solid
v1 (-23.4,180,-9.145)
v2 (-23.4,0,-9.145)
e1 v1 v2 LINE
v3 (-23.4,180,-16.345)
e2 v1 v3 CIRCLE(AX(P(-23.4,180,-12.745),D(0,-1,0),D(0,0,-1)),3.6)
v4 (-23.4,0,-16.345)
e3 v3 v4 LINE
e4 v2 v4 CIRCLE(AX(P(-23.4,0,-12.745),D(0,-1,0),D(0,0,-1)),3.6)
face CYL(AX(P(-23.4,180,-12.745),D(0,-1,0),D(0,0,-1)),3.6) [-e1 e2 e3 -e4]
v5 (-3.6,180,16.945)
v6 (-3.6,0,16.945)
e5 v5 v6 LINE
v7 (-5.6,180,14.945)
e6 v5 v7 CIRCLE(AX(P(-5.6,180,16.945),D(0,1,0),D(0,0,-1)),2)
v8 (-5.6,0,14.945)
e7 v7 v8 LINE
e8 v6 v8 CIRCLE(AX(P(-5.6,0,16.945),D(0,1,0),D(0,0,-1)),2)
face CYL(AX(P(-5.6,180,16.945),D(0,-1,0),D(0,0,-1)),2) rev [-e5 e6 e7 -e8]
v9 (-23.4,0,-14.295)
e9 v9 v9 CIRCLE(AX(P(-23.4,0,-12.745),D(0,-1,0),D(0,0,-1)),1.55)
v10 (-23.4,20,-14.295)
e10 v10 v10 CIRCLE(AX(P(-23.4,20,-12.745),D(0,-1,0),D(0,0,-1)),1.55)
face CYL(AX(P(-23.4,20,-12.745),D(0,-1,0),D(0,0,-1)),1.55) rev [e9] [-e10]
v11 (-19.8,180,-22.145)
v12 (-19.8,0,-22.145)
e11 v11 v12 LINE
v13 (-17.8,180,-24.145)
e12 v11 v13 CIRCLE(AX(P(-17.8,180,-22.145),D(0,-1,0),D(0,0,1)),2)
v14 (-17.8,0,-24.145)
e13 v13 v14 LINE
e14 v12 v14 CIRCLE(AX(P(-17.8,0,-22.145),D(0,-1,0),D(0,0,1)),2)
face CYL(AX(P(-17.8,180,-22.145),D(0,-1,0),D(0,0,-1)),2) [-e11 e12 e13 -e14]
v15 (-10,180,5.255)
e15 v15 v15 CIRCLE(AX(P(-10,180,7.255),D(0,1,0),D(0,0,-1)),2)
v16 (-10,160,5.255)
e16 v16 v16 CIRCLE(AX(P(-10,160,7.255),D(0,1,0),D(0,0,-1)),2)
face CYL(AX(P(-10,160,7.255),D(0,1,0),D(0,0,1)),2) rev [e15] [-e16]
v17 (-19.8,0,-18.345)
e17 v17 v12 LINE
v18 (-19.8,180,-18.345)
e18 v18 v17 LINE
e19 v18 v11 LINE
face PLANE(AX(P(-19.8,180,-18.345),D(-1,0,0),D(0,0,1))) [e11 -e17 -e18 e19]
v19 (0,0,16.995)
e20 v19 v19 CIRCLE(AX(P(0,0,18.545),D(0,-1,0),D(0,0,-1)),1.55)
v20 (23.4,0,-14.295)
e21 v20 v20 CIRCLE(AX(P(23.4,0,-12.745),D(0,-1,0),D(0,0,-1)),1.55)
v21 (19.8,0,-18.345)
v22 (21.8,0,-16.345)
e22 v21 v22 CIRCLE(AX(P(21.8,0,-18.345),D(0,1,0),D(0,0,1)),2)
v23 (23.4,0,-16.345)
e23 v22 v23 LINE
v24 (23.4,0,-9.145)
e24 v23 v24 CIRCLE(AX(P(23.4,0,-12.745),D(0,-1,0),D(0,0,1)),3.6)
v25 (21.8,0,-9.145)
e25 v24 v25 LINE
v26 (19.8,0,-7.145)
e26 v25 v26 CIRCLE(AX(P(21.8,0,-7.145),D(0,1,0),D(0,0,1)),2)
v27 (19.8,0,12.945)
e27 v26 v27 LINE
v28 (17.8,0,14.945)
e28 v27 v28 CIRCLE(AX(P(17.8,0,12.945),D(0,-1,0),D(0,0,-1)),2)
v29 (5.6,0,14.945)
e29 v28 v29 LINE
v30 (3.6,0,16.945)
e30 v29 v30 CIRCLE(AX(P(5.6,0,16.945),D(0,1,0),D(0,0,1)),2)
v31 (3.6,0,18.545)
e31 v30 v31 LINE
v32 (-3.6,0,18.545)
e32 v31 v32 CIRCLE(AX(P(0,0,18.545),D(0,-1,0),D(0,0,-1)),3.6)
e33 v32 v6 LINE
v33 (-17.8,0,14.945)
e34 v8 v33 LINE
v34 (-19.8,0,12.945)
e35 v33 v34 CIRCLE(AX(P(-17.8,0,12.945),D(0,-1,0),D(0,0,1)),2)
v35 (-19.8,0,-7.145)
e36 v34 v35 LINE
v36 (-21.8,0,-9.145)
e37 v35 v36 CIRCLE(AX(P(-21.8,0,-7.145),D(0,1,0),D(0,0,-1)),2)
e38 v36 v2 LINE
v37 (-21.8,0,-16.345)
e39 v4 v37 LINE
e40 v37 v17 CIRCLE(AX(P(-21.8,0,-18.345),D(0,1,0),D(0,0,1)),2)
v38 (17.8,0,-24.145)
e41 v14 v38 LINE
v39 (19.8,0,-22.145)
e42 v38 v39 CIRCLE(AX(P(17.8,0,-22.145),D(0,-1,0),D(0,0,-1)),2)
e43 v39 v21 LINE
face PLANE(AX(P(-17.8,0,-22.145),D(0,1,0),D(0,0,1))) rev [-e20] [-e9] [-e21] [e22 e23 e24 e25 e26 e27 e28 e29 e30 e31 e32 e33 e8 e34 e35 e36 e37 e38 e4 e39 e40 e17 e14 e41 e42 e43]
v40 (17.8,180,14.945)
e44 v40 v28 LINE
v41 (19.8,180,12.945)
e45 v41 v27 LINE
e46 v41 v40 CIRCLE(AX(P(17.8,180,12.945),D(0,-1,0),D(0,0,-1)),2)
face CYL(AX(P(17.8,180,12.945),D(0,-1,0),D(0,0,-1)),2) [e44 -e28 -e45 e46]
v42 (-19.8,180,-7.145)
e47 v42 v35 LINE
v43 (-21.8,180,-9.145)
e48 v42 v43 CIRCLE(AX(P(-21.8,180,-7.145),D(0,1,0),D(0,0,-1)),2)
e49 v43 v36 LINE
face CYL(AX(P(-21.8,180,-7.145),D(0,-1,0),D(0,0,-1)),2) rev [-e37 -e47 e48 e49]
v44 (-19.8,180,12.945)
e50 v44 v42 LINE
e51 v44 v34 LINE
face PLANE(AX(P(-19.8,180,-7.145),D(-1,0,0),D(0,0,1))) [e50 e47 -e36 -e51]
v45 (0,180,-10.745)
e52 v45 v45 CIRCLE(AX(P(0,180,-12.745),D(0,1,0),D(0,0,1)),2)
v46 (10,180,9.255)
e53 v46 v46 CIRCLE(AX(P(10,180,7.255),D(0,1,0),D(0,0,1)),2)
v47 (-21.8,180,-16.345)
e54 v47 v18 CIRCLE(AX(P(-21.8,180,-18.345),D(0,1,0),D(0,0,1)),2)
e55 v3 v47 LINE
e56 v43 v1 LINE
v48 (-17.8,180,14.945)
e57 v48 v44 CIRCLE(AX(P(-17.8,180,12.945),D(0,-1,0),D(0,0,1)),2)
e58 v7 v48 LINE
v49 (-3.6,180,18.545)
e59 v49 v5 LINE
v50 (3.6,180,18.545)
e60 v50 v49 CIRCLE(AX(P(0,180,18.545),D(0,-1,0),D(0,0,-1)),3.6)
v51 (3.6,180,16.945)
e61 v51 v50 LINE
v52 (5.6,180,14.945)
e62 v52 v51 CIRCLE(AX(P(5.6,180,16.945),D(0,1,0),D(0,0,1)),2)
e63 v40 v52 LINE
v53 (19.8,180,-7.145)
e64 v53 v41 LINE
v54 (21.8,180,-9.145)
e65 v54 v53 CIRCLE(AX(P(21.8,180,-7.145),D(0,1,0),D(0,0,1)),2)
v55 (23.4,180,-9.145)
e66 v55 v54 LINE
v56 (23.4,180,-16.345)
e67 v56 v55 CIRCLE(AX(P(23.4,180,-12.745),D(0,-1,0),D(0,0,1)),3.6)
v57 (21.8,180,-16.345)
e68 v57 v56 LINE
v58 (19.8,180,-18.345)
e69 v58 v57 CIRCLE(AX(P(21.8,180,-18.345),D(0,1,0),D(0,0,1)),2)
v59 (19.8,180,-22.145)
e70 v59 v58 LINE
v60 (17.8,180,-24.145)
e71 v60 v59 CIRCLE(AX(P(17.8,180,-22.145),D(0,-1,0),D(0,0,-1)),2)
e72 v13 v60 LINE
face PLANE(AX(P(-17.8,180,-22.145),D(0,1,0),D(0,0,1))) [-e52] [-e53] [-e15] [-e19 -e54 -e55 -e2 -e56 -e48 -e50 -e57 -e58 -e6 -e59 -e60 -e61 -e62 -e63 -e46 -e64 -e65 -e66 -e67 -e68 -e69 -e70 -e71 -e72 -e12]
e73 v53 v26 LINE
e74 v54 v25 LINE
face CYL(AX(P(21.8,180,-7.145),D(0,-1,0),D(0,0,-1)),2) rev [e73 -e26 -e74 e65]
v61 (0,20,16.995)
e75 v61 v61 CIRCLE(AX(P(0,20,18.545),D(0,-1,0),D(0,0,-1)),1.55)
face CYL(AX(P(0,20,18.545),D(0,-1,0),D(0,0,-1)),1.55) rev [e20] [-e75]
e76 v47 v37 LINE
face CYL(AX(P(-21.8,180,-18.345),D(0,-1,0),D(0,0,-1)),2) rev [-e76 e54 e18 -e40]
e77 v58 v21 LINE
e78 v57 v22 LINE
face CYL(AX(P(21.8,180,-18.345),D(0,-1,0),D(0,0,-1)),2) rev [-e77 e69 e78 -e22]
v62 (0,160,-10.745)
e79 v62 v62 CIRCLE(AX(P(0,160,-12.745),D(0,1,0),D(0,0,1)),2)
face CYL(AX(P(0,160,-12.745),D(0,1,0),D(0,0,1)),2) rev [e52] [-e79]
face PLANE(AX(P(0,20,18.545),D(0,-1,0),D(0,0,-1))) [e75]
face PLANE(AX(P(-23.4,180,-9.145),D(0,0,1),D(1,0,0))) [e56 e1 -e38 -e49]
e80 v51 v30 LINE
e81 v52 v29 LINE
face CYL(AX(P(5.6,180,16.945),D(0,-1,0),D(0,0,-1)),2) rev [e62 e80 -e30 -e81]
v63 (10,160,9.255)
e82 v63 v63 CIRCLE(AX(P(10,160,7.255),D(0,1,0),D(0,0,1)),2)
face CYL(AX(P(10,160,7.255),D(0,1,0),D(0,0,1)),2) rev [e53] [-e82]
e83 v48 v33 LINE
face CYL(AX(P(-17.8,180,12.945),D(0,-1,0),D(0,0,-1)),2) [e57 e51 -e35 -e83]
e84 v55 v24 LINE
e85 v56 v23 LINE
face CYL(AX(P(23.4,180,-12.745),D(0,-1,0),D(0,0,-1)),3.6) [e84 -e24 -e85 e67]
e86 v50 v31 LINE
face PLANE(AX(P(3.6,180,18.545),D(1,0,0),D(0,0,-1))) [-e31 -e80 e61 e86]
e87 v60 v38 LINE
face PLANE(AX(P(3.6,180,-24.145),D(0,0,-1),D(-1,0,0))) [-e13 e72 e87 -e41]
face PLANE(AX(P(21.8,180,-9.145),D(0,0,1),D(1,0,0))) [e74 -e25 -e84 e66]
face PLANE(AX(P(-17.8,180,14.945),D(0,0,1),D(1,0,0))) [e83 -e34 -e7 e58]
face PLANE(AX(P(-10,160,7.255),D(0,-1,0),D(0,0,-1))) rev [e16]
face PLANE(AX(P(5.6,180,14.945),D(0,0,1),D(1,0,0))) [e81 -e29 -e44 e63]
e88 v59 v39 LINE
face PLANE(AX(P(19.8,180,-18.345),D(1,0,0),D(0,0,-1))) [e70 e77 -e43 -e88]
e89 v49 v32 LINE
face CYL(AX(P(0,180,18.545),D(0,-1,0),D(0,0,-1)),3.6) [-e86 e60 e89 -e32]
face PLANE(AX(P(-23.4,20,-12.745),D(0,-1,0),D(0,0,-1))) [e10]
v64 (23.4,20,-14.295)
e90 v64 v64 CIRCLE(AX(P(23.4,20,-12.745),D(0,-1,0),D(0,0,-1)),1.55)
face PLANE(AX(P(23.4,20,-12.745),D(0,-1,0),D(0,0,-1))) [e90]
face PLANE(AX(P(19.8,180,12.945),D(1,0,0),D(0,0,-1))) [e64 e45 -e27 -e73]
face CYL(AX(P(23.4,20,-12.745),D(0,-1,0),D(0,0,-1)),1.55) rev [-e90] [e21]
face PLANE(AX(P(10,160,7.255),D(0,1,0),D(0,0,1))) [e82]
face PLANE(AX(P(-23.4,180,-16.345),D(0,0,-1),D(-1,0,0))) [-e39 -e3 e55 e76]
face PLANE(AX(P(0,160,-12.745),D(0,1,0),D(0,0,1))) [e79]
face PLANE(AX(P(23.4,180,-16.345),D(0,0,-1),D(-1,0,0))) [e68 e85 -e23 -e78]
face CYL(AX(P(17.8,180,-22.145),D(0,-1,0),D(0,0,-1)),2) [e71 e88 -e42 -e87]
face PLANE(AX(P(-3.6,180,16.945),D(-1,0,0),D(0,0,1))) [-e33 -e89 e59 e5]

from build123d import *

# Parameters (mm, degrees)
BOSS_EXTRUDE1_DEPTH = 180
SKETCH12_R          = 1.55
CUT_EXTRUDE1_DEPTH  = 20
SKETCH13_R          = 2
CUT_EXTRUDE2_DEPTH  = 20


with BuildPart() as part:
    # Sketch1 → Boss-Extrude1 (new body)
    with BuildSketch(Plane.XZ):
        with BuildLine():
            Line((-17.8, -24.145), (-3.6, -24.145))
            Line((-3.6, -24.145), (3.6, -24.145))
            Line((3.6, -24.145), (17.8, -24.145))
            ThreePointArc((17.8, -24.145), (19.214213562, -23.559213562), (19.8, -22.145))
            Line((19.8, -22.145), (19.8, -18.345))
            ThreePointArc((19.8, -18.345), (20.385786438, -16.930786438), (21.8, -16.345))
            Line((21.8, -16.345), (23.4, -16.345))
            ThreePointArc((23.4, -16.345), (27, -12.745), (23.4, -9.145))
            Line((23.4, -9.145), (21.8, -9.145))
            ThreePointArc((21.8, -9.145), (20.385786438, -8.559213562), (19.8, -7.145))
            Line((19.8, -7.145), (19.8, 12.945))
            ThreePointArc((19.8, 12.945), (19.214213562, 14.359213562), (17.8, 14.945))
            Line((17.8, 14.945), (5.6, 14.945))
            ThreePointArc((5.6, 14.945), (4.185786438, 15.530786438), (3.6, 16.945))
            Line((3.6, 16.945), (3.6, 18.545))
            ThreePointArc((3.6, 18.545), (0, 22.145), (-3.6, 18.545))
            Line((-3.6, 18.545), (-3.6, 16.945))
            ThreePointArc((-3.6, 16.945), (-4.185786438, 15.530786438), (-5.6, 14.945))
            Line((-5.6, 14.945), (-17.8, 14.945))
            ThreePointArc((-17.8, 14.945), (-19.214213562, 14.359213562), (-19.8, 12.945))
            Line((-19.8, 12.945), (-19.8, -7.145))
            ThreePointArc((-19.8, -7.145), (-20.385786438, -8.559213562), (-21.8, -9.145))
            Line((-21.8, -9.145), (-23.4, -9.145))
            ThreePointArc((-23.4, -9.145), (-27, -12.745), (-23.4, -16.345))
            Line((-23.4, -16.345), (-21.8, -16.345))
            ThreePointArc((-21.8, -16.345), (-20.385786438, -16.930786438), (-19.8, -18.345))
            Line((-19.8, -18.345), (-19.8, -22.145))
            ThreePointArc((-19.8, -22.145), (-19.214213562, -23.559213562), (-17.8, -24.145))
        make_face()
    extrude(amount=-BOSS_EXTRUDE1_DEPTH)

    # Sketch12 → Cut-Extrude1 (cut)
    with BuildSketch(Plane.XZ):
        with Locations(Location((0, 18.545, 0), (0, 0, 270))):
            Circle(SKETCH12_R)
        with Locations(Location((-23.4, -12.745, 0), (0, 0, 270))):
            Circle(SKETCH12_R)
        with Locations(Location((23.4, -12.745, 0), (0, 0, 270))):
            Circle(SKETCH12_R)
    extrude(amount=-CUT_EXTRUDE1_DEPTH, mode=Mode.SUBTRACT)

    # Sketch13 → Cut-Extrude2 (cut)
    with BuildSketch(Plane(origin=(0, 180, 0), x_dir=(1, 0, 0), z_dir=(0, 1, 0))):
        with Locations(Location((0, 12.745, 0), (0, 0, 270))):
            Circle(SKETCH13_R)
        with Locations(Location((10, -7.255, 0), (0, 0, 270))):
            Circle(SKETCH13_R)
        with Locations(Location((-10, -7.255, 0), (0, 0, 90))):
            Circle(SKETCH13_R)
    extrude(amount=-CUT_EXTRUDE2_DEPTH, mode=Mode.SUBTRACT)


solid = part.part
